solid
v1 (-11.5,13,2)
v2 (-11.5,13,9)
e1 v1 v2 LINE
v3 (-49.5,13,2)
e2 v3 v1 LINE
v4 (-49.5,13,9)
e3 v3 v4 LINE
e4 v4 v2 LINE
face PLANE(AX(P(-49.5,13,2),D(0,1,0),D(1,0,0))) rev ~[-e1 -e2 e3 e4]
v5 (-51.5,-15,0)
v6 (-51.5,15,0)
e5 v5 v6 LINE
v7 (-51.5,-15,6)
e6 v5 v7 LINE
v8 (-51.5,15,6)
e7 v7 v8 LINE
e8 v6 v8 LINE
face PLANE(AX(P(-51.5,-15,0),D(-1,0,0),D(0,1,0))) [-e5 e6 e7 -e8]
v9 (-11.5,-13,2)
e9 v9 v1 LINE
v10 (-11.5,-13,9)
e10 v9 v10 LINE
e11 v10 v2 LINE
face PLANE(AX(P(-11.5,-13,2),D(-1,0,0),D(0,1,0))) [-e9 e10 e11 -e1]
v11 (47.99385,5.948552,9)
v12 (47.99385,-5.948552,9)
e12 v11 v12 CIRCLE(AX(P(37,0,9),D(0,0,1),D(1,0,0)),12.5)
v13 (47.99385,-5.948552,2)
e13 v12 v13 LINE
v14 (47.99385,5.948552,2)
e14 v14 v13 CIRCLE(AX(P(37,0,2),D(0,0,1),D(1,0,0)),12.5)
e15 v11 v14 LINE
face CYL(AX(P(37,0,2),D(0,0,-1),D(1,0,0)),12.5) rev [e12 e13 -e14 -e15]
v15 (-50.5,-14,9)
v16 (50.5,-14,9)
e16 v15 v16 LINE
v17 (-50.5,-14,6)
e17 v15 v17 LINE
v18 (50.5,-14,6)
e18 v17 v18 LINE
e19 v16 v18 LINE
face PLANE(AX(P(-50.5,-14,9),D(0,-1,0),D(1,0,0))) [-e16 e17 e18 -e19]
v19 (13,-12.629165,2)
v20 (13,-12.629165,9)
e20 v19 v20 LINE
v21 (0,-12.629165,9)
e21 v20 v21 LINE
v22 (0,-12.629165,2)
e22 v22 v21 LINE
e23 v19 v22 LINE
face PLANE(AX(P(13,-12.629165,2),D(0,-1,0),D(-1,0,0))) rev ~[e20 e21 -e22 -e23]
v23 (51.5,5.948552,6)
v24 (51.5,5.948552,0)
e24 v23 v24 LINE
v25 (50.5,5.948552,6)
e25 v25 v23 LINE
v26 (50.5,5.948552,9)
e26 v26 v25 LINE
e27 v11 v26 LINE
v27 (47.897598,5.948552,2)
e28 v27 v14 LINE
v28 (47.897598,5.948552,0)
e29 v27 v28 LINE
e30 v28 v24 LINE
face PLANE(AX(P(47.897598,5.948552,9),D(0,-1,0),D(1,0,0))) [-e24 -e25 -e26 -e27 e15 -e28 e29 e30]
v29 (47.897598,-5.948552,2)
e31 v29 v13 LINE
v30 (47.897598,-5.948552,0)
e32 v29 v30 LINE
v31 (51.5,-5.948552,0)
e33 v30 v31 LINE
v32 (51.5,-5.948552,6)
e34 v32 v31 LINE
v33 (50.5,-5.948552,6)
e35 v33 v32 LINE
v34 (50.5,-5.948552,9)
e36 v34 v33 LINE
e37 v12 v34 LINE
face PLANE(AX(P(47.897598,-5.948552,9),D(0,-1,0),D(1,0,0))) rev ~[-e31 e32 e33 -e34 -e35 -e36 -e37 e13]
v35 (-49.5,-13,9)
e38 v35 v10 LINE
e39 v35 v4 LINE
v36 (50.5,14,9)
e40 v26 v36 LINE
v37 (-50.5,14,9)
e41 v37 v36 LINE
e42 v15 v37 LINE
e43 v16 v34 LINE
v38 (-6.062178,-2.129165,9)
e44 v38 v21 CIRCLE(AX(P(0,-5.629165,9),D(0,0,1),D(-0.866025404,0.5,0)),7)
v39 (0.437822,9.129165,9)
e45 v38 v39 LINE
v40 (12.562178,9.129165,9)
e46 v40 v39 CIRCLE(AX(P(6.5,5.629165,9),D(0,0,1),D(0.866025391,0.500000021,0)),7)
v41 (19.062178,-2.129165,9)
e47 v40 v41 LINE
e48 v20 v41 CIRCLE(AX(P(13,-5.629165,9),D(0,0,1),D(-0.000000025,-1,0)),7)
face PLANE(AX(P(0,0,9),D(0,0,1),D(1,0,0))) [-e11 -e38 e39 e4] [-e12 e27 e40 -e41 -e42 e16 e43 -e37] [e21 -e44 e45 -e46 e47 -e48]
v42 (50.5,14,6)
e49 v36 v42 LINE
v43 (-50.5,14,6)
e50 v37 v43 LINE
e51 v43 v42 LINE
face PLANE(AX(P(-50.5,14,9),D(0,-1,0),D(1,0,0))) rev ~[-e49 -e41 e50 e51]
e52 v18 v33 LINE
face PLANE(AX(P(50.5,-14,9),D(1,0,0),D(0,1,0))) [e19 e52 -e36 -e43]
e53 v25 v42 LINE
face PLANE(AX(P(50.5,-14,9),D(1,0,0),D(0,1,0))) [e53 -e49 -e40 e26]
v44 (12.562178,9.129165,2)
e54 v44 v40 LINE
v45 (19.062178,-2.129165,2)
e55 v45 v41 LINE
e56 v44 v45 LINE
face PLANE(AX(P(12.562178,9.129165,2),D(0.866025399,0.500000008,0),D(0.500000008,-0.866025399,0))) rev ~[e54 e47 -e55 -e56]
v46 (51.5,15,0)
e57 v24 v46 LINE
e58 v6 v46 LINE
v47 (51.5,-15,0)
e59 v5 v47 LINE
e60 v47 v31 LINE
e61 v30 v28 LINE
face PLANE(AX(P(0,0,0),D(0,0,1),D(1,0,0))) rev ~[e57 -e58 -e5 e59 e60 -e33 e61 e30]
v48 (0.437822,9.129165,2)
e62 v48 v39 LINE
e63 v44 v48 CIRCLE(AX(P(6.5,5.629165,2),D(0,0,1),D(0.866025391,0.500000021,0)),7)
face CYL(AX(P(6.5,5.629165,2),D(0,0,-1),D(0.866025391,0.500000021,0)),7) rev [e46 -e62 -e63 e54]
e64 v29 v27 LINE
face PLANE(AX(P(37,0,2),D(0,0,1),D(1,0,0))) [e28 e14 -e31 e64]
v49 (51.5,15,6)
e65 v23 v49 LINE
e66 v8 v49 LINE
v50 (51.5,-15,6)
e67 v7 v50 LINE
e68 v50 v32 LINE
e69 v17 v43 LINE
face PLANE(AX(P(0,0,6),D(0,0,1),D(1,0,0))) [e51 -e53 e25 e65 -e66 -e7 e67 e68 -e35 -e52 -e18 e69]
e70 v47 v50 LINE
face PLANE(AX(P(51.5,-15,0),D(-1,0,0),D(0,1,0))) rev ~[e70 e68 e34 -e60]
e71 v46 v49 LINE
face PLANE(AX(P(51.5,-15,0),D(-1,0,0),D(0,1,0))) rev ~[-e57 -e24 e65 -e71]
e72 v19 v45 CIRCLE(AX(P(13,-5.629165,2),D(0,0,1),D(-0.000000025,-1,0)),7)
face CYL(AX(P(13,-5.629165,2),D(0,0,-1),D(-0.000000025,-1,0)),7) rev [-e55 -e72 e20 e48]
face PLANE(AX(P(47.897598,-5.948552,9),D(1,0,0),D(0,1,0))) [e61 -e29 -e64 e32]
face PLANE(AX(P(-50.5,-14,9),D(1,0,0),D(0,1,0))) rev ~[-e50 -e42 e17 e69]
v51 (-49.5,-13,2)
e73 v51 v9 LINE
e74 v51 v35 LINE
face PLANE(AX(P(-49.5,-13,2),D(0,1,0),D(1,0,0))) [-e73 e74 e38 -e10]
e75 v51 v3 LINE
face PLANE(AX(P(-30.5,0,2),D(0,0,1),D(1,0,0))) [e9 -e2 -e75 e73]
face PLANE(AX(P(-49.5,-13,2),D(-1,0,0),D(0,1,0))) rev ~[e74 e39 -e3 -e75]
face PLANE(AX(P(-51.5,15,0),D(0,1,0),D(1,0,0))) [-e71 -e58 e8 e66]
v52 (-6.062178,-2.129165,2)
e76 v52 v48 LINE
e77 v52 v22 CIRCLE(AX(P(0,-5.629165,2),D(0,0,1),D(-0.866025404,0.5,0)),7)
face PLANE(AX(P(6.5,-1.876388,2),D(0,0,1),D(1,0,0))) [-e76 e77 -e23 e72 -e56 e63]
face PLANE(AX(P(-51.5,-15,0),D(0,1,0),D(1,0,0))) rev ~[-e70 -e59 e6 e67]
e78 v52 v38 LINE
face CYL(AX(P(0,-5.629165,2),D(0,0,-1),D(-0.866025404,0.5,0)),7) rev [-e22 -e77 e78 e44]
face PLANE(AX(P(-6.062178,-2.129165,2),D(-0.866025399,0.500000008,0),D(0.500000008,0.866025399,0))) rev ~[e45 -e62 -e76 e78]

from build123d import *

# Parameters (mm, degrees)
SKETCH002_W     = 103
SKETCH002_H     = 30
PAD002_DEPTH    = 9
SKETCH003_R     = 12.5
SKETCH003_W     = 38
SKETCH003_H     = 26
POCKET_DEPTH    = 7
SKETCH004_W     = 103
SKETCH004_H     = 30
SKETCH004_W_2   = 101
SKETCH004_H_2   = 28
POCKET001_DEPTH = 3
SKETCH007_W     = 3.602402
SKETCH007_H     = 11.897104
POCKET003_DEPTH = 10


with BuildPart() as part:
    # Sketch002 → Pad002 (new body)
    with BuildSketch(Plane.XY):
        Rectangle(SKETCH002_W, SKETCH002_H)
    extrude(amount=PAD002_DEPTH)

    # Sketch003 (on Pad) → Pocket (cut)
    with BuildSketch(Plane.XY.offset(2)):
        with Locations((37, 0)):
            Circle(SKETCH003_R)
        with Locations((-30.5, 0)):
            Rectangle(SKETCH003_W, SKETCH003_H)
        with BuildLine():
            ThreePointArc((12.562178, 9.129165), (6.5, 12.629165), (0.437822, 9.129165))
            Line((-6.062178, -2.129165), (0.437822, 9.129165))
            ThreePointArc((-6.062178, -2.129165), (-6.062178, -9.129165), (0, -12.629165))
            Line((13, -12.629165), (0, -12.629165))
            ThreePointArc((13, -12.629165), (19.062178, -9.129165), (19.062178, -2.129165))
            Line((12.562178, 9.129165), (19.062178, -2.129165))
        make_face()
    extrude(amount=POCKET_DEPTH, mode=Mode.SUBTRACT)

    # Sketch004 (on Face5 of Pocket) → Pocket001 (cut)
    with BuildSketch(Plane.XY.offset(9)):
        Rectangle(SKETCH004_W, SKETCH004_H)
        Rectangle(SKETCH004_W_2, SKETCH004_H_2, mode=Mode.SUBTRACT)
    extrude(amount=-POCKET001_DEPTH, mode=Mode.SUBTRACT)

    # Sketch007 (on Face11 of Pocket001) → Pocket003 (cut)
    with BuildSketch(Plane.XY.offset(9)):
        with Locations((49.698799, 0)):
            Rectangle(SKETCH007_W, SKETCH007_H)
    extrude(amount=-POCKET003_DEPTH, mode=Mode.SUBTRACT)


solid = part.part
